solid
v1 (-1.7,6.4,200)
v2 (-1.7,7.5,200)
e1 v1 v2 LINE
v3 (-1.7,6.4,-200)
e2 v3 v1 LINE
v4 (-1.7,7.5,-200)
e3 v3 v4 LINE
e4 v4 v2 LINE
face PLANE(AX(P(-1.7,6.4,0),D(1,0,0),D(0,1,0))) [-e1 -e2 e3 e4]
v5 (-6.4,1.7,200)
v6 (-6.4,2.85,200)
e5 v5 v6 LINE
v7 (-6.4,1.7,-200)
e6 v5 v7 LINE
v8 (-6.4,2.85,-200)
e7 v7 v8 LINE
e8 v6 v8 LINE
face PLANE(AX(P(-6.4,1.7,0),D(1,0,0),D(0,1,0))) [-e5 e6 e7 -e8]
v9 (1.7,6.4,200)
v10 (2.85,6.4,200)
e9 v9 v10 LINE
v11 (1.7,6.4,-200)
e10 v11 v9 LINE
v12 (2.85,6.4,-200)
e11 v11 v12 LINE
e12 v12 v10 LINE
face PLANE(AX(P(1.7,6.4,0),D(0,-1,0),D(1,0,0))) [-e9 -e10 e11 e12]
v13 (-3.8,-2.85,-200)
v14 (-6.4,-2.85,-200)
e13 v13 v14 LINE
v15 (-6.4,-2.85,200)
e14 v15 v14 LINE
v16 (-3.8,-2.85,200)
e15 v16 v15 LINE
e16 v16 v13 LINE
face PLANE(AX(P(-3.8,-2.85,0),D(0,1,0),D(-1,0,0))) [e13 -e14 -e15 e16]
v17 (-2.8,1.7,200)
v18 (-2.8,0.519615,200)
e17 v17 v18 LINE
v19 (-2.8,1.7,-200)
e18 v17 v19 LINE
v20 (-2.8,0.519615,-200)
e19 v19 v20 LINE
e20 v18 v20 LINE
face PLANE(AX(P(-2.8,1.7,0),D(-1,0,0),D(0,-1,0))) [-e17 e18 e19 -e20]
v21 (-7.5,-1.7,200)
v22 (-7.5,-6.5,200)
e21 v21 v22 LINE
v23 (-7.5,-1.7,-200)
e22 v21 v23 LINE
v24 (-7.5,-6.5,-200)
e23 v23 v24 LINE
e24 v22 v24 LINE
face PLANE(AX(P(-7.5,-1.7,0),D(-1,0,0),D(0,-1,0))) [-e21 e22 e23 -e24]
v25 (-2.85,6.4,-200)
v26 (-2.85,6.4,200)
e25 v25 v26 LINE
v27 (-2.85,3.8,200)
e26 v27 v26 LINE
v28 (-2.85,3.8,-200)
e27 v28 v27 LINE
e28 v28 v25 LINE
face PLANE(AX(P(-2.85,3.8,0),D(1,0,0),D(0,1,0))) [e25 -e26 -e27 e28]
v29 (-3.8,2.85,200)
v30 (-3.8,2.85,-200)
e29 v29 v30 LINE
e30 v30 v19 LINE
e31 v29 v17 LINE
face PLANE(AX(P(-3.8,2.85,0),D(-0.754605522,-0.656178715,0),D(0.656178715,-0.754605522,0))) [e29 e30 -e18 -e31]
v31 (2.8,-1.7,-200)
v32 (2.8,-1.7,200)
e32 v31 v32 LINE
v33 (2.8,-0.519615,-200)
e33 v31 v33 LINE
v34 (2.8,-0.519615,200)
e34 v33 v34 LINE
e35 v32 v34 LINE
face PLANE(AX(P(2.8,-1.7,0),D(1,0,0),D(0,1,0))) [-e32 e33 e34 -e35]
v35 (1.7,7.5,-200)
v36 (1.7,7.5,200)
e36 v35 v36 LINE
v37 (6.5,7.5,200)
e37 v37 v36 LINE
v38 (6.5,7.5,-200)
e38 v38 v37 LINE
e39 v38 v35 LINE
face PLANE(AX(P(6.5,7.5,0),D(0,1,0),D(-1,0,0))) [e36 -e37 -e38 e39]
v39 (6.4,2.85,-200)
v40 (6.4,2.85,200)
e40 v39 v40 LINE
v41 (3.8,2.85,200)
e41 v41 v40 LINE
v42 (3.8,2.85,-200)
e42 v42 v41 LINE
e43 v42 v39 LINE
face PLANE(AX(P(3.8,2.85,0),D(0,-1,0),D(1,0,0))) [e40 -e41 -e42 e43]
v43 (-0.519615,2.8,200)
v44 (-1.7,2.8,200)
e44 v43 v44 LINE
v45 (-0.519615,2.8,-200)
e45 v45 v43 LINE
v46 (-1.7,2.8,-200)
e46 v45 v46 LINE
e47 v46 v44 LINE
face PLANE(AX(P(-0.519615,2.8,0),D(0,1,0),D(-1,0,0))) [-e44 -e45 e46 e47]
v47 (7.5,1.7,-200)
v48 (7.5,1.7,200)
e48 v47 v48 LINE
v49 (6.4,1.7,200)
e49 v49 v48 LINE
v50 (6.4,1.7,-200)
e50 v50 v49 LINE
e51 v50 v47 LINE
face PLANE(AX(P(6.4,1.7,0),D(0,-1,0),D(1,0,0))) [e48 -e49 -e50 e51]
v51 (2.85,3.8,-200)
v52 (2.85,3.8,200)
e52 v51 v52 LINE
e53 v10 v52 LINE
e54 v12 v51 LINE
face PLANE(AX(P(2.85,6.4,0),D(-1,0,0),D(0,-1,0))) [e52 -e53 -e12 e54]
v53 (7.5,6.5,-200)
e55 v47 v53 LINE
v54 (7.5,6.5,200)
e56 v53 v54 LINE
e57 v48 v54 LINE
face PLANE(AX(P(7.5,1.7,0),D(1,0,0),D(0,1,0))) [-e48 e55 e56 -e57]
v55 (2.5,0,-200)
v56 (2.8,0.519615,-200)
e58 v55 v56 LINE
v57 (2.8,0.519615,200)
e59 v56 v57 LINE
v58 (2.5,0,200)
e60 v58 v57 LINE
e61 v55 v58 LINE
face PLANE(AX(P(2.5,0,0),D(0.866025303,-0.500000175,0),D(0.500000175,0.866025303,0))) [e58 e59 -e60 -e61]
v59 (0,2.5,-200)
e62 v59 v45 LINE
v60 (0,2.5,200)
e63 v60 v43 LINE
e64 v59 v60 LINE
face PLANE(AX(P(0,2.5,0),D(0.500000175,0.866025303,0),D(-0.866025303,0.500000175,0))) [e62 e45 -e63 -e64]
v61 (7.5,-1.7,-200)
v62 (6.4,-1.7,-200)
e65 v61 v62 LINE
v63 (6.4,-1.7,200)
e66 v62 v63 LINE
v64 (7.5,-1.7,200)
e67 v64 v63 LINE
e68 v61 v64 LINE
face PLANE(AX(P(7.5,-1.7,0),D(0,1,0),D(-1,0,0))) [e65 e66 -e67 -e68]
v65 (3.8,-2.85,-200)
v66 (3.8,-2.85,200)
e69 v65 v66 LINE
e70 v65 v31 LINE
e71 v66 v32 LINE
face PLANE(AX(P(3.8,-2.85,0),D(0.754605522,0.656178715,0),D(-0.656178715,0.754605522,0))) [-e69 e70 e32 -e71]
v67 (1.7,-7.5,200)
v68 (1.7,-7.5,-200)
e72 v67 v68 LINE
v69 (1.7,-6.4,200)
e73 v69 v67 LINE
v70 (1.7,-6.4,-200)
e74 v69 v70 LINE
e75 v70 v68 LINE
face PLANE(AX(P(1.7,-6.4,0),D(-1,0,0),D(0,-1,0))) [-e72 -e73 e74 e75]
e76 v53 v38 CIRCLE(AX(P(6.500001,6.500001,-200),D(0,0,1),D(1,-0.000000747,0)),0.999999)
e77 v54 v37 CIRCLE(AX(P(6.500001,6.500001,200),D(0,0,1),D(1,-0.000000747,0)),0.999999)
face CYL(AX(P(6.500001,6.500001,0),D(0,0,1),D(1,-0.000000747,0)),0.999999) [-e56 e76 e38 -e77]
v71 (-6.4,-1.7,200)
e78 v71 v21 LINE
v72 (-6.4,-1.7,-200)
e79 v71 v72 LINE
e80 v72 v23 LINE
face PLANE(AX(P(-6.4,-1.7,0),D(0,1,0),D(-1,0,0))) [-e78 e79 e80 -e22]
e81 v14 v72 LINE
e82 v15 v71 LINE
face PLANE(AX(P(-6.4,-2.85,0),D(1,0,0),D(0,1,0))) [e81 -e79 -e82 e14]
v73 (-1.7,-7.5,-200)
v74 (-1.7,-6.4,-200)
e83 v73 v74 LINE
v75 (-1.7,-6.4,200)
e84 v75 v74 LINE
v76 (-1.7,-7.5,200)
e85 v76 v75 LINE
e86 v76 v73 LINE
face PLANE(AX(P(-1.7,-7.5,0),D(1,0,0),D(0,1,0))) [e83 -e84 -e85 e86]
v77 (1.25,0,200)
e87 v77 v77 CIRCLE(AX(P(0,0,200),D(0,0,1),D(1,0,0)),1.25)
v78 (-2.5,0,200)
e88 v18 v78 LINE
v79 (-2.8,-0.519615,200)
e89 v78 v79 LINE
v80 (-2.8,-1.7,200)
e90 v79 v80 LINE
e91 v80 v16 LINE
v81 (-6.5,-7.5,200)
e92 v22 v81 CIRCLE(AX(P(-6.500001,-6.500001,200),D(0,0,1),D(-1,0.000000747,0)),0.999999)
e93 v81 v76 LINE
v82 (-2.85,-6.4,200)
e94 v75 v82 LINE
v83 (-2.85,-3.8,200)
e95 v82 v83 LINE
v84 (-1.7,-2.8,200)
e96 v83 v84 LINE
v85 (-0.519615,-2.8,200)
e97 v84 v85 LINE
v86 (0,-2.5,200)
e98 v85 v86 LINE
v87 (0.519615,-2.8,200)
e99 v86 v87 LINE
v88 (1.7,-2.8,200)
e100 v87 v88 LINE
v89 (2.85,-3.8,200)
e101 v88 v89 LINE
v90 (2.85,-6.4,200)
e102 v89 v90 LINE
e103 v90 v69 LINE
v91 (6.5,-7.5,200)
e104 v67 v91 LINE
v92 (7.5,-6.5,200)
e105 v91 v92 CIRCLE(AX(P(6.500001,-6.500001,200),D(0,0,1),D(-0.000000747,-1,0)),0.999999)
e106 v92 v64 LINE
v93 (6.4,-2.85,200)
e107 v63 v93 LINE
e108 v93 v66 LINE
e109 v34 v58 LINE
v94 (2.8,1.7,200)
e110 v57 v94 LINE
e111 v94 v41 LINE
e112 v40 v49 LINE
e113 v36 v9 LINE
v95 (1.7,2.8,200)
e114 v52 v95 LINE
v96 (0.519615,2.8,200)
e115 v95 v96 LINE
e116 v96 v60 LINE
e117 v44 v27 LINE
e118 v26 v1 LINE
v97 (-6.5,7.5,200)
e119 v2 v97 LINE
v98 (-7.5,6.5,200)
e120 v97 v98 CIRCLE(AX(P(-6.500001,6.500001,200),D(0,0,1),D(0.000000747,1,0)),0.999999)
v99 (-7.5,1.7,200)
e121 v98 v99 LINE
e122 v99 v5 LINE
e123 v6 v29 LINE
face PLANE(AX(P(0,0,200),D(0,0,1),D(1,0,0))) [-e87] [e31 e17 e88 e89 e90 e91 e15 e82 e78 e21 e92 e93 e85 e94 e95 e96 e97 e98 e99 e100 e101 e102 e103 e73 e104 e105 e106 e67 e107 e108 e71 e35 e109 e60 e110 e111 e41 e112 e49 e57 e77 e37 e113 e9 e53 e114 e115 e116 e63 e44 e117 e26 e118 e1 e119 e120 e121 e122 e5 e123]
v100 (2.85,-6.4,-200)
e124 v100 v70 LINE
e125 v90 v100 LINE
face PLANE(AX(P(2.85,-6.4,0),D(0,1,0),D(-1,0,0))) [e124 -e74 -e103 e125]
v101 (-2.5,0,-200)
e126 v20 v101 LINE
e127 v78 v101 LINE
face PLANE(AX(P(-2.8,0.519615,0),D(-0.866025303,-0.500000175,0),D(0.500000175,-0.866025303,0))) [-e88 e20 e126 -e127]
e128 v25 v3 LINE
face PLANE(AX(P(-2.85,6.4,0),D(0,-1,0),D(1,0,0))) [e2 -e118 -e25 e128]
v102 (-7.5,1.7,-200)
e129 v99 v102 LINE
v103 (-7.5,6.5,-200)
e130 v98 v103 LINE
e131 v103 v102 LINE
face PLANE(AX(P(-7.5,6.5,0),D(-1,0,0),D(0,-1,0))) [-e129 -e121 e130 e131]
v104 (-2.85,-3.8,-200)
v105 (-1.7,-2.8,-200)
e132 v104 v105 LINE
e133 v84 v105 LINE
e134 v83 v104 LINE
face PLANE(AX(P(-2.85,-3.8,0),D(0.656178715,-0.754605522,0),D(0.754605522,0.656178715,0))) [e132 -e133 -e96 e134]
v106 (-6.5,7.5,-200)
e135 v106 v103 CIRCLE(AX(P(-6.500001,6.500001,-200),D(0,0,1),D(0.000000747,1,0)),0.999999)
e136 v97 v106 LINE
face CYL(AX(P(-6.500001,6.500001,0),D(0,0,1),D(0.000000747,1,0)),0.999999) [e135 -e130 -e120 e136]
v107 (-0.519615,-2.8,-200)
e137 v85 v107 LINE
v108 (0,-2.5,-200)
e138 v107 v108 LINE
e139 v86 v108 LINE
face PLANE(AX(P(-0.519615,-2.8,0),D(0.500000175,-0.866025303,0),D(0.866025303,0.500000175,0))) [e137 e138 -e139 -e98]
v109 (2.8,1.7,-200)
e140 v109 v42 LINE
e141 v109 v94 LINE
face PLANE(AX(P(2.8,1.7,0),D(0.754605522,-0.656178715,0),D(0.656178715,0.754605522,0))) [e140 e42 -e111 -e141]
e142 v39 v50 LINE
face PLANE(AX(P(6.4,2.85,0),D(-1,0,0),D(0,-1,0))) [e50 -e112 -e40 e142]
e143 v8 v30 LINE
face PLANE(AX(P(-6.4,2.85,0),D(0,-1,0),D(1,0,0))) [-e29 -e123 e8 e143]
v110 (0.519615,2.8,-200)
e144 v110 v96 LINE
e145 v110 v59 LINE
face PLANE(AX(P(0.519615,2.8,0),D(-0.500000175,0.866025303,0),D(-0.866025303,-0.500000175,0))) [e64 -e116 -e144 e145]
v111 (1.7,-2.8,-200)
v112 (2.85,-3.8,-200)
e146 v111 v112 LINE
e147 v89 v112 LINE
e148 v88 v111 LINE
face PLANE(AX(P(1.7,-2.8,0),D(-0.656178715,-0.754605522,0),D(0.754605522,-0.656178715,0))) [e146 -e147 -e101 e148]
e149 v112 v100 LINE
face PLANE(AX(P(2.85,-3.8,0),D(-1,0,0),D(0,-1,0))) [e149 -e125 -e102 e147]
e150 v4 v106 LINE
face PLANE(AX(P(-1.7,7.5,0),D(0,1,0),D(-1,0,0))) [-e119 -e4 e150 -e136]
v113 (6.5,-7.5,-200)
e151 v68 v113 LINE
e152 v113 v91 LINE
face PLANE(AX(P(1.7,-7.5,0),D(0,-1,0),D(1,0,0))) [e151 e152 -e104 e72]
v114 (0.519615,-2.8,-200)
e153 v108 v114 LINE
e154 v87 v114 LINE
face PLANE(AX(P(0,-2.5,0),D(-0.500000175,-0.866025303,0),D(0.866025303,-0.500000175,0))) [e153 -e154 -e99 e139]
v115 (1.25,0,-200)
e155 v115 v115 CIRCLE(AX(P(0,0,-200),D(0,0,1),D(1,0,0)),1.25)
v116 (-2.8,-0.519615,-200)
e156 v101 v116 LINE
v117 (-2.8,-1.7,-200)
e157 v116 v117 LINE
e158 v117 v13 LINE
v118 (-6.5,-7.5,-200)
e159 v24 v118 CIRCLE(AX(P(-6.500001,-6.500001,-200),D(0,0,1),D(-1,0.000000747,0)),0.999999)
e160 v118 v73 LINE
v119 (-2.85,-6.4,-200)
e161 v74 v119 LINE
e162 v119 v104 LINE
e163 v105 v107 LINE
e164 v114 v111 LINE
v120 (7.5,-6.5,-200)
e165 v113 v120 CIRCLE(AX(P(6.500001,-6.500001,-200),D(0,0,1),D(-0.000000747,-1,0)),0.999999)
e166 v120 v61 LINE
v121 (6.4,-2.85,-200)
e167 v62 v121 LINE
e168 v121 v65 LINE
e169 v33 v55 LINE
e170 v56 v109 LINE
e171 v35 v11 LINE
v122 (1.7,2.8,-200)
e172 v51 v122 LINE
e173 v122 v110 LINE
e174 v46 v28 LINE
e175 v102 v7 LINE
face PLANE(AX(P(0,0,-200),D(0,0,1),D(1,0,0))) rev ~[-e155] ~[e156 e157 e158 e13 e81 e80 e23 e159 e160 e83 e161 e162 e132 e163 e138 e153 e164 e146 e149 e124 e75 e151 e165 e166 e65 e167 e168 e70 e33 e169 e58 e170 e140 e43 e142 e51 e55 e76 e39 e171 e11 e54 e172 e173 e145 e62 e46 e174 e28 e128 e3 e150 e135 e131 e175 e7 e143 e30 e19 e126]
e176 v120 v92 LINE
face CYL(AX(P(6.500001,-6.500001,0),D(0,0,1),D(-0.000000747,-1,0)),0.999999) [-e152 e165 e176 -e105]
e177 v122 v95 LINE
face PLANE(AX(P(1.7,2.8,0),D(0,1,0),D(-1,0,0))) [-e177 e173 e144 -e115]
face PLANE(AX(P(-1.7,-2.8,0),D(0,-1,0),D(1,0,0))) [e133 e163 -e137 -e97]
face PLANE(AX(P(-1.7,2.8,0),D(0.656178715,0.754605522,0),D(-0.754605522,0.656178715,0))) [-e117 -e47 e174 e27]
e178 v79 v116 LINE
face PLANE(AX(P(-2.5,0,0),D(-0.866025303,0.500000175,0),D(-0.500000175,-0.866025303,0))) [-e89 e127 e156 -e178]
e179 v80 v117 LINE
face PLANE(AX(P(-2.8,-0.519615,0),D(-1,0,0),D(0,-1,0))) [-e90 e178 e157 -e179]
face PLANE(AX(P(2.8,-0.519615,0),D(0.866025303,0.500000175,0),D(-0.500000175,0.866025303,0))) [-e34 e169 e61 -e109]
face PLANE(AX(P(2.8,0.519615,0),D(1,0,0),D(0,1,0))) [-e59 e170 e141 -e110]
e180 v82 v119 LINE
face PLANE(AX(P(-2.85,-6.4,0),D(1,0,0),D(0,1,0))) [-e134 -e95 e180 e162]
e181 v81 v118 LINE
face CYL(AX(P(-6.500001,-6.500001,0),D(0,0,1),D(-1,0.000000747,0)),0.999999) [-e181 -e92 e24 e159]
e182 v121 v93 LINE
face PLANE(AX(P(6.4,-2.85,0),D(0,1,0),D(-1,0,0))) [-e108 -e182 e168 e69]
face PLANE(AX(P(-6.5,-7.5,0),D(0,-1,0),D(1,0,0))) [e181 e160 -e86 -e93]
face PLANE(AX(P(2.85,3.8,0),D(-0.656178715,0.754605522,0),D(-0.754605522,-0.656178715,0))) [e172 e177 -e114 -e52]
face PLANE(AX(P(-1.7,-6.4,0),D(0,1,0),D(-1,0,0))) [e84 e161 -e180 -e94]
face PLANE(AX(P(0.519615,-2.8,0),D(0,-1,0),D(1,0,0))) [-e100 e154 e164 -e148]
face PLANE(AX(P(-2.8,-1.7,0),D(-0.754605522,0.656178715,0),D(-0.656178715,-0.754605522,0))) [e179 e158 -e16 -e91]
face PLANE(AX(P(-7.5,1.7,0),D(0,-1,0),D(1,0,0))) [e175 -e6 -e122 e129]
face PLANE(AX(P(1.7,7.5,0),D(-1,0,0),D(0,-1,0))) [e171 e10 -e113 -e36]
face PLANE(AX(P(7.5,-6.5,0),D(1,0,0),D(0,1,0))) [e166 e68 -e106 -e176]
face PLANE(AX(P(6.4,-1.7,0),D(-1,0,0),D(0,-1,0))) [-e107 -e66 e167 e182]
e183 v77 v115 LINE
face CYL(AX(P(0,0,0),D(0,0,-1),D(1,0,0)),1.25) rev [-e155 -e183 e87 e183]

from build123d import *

# Parameters (mm, degrees)
F0_R     = 1.25
F1_DEPTH = 200


with BuildPart() as f1:
    # F0 (on Top) → F1 (new body, symmetric)
    with BuildSketch(Plane.XY):
        with BuildLine():
            Line((1.7, -7.5), (6.5, -7.5))
            ThreePointArc((6.5, -7.5), (7.207107, -7.207107), (7.5, -6.5))
            Line((7.5, -6.5), (7.5, -1.7))
            Line((7.5, -1.7), (6.4, -1.7))
            Line((6.4, -1.7), (6.4, -2.85))
            Line((6.4, -2.85), (3.8, -2.85))
            Line((3.8, -2.85), (2.8, -1.7))
            Line((2.8, -1.7), (2.8, -0.519615))
            Line((2.8, -0.519615), (2.5, 0))
            Line((2.5, 0), (2.8, 0.519615))
            Line((2.8, 0.519615), (2.8, 1.7))
            Line((2.8, 1.7), (3.8, 2.85))
            Line((3.8, 2.85), (6.4, 2.85))
            Line((6.4, 2.85), (6.4, 1.7))
            Line((6.4, 1.7), (7.5, 1.7))
            Line((7.5, 1.7), (7.5, 6.5))
            ThreePointArc((7.5, 6.5), (7.207107, 7.207107), (6.5, 7.5))
            Line((6.5, 7.5), (1.7, 7.5))
            Line((1.7, 7.5), (1.7, 6.4))
            Line((1.7, 6.4), (2.85, 6.4))
            Line((2.85, 6.4), (2.85, 3.8))
            Line((2.85, 3.8), (1.7, 2.8))
            Line((1.7, 2.8), (0.519615, 2.8))
            Line((0.519615, 2.8), (0, 2.5))
            Line((0, 2.5), (-0.519615, 2.8))
            Line((-0.519615, 2.8), (-1.7, 2.8))
            Line((-1.7, 2.8), (-2.85, 3.8))
            Line((-2.85, 3.8), (-2.85, 6.4))
            Line((-2.85, 6.4), (-1.7, 6.4))
            Line((-1.7, 6.4), (-1.7, 7.5))
            Line((-1.7, 7.5), (-6.5, 7.5))
            ThreePointArc((-6.5, 7.5), (-7.207107, 7.207107), (-7.5, 6.5))
            Line((-7.5, 6.5), (-7.5, 1.7))
            Line((-7.5, 1.7), (-6.4, 1.7))
            Line((-6.4, 1.7), (-6.4, 2.85))
            Line((-6.4, 2.85), (-3.8, 2.85))
            Line((-3.8, 2.85), (-2.8, 1.7))
            Line((-2.8, 1.7), (-2.8, 0.519615))
            Line((-2.8, 0.519615), (-2.5, 0))
            Line((-2.5, 0), (-2.8, -0.519615))
            Line((-2.8, -0.519615), (-2.8, -1.7))
            Line((-2.8, -1.7), (-3.8, -2.85))
            Line((-3.8, -2.85), (-6.4, -2.85))
            Line((-6.4, -2.85), (-6.4, -1.7))
            Line((-6.4, -1.7), (-7.5, -1.7))
            Line((-7.5, -1.7), (-7.5, -6.5))
            ThreePointArc((-7.5, -6.5), (-7.207107, -7.207107), (-6.5, -7.5))
            Line((-6.5, -7.5), (-1.7, -7.5))
            Line((-1.7, -7.5), (-1.7, -6.4))
            Line((-1.7, -6.4), (-2.85, -6.4))
            Line((-2.85, -6.4), (-2.85, -3.8))
            Line((-2.85, -3.8), (-1.7, -2.8))
            Line((-1.7, -2.8), (-0.519615, -2.8))
            Line((-0.519615, -2.8), (0, -2.5))
            Line((0, -2.5), (0.519615, -2.8))
            Line((0.519615, -2.8), (1.7, -2.8))
            Line((1.7, -2.8), (2.85, -3.8))
            Line((2.85, -3.8), (2.85, -6.4))
            Line((2.85, -6.4), (1.7, -6.4))
            Line((1.7, -6.4), (1.7, -7.5))
        make_face()
        Circle(F0_R, mode=Mode.SUBTRACT)
    extrude(amount=F1_DEPTH, both=True)


solid = f1.part
